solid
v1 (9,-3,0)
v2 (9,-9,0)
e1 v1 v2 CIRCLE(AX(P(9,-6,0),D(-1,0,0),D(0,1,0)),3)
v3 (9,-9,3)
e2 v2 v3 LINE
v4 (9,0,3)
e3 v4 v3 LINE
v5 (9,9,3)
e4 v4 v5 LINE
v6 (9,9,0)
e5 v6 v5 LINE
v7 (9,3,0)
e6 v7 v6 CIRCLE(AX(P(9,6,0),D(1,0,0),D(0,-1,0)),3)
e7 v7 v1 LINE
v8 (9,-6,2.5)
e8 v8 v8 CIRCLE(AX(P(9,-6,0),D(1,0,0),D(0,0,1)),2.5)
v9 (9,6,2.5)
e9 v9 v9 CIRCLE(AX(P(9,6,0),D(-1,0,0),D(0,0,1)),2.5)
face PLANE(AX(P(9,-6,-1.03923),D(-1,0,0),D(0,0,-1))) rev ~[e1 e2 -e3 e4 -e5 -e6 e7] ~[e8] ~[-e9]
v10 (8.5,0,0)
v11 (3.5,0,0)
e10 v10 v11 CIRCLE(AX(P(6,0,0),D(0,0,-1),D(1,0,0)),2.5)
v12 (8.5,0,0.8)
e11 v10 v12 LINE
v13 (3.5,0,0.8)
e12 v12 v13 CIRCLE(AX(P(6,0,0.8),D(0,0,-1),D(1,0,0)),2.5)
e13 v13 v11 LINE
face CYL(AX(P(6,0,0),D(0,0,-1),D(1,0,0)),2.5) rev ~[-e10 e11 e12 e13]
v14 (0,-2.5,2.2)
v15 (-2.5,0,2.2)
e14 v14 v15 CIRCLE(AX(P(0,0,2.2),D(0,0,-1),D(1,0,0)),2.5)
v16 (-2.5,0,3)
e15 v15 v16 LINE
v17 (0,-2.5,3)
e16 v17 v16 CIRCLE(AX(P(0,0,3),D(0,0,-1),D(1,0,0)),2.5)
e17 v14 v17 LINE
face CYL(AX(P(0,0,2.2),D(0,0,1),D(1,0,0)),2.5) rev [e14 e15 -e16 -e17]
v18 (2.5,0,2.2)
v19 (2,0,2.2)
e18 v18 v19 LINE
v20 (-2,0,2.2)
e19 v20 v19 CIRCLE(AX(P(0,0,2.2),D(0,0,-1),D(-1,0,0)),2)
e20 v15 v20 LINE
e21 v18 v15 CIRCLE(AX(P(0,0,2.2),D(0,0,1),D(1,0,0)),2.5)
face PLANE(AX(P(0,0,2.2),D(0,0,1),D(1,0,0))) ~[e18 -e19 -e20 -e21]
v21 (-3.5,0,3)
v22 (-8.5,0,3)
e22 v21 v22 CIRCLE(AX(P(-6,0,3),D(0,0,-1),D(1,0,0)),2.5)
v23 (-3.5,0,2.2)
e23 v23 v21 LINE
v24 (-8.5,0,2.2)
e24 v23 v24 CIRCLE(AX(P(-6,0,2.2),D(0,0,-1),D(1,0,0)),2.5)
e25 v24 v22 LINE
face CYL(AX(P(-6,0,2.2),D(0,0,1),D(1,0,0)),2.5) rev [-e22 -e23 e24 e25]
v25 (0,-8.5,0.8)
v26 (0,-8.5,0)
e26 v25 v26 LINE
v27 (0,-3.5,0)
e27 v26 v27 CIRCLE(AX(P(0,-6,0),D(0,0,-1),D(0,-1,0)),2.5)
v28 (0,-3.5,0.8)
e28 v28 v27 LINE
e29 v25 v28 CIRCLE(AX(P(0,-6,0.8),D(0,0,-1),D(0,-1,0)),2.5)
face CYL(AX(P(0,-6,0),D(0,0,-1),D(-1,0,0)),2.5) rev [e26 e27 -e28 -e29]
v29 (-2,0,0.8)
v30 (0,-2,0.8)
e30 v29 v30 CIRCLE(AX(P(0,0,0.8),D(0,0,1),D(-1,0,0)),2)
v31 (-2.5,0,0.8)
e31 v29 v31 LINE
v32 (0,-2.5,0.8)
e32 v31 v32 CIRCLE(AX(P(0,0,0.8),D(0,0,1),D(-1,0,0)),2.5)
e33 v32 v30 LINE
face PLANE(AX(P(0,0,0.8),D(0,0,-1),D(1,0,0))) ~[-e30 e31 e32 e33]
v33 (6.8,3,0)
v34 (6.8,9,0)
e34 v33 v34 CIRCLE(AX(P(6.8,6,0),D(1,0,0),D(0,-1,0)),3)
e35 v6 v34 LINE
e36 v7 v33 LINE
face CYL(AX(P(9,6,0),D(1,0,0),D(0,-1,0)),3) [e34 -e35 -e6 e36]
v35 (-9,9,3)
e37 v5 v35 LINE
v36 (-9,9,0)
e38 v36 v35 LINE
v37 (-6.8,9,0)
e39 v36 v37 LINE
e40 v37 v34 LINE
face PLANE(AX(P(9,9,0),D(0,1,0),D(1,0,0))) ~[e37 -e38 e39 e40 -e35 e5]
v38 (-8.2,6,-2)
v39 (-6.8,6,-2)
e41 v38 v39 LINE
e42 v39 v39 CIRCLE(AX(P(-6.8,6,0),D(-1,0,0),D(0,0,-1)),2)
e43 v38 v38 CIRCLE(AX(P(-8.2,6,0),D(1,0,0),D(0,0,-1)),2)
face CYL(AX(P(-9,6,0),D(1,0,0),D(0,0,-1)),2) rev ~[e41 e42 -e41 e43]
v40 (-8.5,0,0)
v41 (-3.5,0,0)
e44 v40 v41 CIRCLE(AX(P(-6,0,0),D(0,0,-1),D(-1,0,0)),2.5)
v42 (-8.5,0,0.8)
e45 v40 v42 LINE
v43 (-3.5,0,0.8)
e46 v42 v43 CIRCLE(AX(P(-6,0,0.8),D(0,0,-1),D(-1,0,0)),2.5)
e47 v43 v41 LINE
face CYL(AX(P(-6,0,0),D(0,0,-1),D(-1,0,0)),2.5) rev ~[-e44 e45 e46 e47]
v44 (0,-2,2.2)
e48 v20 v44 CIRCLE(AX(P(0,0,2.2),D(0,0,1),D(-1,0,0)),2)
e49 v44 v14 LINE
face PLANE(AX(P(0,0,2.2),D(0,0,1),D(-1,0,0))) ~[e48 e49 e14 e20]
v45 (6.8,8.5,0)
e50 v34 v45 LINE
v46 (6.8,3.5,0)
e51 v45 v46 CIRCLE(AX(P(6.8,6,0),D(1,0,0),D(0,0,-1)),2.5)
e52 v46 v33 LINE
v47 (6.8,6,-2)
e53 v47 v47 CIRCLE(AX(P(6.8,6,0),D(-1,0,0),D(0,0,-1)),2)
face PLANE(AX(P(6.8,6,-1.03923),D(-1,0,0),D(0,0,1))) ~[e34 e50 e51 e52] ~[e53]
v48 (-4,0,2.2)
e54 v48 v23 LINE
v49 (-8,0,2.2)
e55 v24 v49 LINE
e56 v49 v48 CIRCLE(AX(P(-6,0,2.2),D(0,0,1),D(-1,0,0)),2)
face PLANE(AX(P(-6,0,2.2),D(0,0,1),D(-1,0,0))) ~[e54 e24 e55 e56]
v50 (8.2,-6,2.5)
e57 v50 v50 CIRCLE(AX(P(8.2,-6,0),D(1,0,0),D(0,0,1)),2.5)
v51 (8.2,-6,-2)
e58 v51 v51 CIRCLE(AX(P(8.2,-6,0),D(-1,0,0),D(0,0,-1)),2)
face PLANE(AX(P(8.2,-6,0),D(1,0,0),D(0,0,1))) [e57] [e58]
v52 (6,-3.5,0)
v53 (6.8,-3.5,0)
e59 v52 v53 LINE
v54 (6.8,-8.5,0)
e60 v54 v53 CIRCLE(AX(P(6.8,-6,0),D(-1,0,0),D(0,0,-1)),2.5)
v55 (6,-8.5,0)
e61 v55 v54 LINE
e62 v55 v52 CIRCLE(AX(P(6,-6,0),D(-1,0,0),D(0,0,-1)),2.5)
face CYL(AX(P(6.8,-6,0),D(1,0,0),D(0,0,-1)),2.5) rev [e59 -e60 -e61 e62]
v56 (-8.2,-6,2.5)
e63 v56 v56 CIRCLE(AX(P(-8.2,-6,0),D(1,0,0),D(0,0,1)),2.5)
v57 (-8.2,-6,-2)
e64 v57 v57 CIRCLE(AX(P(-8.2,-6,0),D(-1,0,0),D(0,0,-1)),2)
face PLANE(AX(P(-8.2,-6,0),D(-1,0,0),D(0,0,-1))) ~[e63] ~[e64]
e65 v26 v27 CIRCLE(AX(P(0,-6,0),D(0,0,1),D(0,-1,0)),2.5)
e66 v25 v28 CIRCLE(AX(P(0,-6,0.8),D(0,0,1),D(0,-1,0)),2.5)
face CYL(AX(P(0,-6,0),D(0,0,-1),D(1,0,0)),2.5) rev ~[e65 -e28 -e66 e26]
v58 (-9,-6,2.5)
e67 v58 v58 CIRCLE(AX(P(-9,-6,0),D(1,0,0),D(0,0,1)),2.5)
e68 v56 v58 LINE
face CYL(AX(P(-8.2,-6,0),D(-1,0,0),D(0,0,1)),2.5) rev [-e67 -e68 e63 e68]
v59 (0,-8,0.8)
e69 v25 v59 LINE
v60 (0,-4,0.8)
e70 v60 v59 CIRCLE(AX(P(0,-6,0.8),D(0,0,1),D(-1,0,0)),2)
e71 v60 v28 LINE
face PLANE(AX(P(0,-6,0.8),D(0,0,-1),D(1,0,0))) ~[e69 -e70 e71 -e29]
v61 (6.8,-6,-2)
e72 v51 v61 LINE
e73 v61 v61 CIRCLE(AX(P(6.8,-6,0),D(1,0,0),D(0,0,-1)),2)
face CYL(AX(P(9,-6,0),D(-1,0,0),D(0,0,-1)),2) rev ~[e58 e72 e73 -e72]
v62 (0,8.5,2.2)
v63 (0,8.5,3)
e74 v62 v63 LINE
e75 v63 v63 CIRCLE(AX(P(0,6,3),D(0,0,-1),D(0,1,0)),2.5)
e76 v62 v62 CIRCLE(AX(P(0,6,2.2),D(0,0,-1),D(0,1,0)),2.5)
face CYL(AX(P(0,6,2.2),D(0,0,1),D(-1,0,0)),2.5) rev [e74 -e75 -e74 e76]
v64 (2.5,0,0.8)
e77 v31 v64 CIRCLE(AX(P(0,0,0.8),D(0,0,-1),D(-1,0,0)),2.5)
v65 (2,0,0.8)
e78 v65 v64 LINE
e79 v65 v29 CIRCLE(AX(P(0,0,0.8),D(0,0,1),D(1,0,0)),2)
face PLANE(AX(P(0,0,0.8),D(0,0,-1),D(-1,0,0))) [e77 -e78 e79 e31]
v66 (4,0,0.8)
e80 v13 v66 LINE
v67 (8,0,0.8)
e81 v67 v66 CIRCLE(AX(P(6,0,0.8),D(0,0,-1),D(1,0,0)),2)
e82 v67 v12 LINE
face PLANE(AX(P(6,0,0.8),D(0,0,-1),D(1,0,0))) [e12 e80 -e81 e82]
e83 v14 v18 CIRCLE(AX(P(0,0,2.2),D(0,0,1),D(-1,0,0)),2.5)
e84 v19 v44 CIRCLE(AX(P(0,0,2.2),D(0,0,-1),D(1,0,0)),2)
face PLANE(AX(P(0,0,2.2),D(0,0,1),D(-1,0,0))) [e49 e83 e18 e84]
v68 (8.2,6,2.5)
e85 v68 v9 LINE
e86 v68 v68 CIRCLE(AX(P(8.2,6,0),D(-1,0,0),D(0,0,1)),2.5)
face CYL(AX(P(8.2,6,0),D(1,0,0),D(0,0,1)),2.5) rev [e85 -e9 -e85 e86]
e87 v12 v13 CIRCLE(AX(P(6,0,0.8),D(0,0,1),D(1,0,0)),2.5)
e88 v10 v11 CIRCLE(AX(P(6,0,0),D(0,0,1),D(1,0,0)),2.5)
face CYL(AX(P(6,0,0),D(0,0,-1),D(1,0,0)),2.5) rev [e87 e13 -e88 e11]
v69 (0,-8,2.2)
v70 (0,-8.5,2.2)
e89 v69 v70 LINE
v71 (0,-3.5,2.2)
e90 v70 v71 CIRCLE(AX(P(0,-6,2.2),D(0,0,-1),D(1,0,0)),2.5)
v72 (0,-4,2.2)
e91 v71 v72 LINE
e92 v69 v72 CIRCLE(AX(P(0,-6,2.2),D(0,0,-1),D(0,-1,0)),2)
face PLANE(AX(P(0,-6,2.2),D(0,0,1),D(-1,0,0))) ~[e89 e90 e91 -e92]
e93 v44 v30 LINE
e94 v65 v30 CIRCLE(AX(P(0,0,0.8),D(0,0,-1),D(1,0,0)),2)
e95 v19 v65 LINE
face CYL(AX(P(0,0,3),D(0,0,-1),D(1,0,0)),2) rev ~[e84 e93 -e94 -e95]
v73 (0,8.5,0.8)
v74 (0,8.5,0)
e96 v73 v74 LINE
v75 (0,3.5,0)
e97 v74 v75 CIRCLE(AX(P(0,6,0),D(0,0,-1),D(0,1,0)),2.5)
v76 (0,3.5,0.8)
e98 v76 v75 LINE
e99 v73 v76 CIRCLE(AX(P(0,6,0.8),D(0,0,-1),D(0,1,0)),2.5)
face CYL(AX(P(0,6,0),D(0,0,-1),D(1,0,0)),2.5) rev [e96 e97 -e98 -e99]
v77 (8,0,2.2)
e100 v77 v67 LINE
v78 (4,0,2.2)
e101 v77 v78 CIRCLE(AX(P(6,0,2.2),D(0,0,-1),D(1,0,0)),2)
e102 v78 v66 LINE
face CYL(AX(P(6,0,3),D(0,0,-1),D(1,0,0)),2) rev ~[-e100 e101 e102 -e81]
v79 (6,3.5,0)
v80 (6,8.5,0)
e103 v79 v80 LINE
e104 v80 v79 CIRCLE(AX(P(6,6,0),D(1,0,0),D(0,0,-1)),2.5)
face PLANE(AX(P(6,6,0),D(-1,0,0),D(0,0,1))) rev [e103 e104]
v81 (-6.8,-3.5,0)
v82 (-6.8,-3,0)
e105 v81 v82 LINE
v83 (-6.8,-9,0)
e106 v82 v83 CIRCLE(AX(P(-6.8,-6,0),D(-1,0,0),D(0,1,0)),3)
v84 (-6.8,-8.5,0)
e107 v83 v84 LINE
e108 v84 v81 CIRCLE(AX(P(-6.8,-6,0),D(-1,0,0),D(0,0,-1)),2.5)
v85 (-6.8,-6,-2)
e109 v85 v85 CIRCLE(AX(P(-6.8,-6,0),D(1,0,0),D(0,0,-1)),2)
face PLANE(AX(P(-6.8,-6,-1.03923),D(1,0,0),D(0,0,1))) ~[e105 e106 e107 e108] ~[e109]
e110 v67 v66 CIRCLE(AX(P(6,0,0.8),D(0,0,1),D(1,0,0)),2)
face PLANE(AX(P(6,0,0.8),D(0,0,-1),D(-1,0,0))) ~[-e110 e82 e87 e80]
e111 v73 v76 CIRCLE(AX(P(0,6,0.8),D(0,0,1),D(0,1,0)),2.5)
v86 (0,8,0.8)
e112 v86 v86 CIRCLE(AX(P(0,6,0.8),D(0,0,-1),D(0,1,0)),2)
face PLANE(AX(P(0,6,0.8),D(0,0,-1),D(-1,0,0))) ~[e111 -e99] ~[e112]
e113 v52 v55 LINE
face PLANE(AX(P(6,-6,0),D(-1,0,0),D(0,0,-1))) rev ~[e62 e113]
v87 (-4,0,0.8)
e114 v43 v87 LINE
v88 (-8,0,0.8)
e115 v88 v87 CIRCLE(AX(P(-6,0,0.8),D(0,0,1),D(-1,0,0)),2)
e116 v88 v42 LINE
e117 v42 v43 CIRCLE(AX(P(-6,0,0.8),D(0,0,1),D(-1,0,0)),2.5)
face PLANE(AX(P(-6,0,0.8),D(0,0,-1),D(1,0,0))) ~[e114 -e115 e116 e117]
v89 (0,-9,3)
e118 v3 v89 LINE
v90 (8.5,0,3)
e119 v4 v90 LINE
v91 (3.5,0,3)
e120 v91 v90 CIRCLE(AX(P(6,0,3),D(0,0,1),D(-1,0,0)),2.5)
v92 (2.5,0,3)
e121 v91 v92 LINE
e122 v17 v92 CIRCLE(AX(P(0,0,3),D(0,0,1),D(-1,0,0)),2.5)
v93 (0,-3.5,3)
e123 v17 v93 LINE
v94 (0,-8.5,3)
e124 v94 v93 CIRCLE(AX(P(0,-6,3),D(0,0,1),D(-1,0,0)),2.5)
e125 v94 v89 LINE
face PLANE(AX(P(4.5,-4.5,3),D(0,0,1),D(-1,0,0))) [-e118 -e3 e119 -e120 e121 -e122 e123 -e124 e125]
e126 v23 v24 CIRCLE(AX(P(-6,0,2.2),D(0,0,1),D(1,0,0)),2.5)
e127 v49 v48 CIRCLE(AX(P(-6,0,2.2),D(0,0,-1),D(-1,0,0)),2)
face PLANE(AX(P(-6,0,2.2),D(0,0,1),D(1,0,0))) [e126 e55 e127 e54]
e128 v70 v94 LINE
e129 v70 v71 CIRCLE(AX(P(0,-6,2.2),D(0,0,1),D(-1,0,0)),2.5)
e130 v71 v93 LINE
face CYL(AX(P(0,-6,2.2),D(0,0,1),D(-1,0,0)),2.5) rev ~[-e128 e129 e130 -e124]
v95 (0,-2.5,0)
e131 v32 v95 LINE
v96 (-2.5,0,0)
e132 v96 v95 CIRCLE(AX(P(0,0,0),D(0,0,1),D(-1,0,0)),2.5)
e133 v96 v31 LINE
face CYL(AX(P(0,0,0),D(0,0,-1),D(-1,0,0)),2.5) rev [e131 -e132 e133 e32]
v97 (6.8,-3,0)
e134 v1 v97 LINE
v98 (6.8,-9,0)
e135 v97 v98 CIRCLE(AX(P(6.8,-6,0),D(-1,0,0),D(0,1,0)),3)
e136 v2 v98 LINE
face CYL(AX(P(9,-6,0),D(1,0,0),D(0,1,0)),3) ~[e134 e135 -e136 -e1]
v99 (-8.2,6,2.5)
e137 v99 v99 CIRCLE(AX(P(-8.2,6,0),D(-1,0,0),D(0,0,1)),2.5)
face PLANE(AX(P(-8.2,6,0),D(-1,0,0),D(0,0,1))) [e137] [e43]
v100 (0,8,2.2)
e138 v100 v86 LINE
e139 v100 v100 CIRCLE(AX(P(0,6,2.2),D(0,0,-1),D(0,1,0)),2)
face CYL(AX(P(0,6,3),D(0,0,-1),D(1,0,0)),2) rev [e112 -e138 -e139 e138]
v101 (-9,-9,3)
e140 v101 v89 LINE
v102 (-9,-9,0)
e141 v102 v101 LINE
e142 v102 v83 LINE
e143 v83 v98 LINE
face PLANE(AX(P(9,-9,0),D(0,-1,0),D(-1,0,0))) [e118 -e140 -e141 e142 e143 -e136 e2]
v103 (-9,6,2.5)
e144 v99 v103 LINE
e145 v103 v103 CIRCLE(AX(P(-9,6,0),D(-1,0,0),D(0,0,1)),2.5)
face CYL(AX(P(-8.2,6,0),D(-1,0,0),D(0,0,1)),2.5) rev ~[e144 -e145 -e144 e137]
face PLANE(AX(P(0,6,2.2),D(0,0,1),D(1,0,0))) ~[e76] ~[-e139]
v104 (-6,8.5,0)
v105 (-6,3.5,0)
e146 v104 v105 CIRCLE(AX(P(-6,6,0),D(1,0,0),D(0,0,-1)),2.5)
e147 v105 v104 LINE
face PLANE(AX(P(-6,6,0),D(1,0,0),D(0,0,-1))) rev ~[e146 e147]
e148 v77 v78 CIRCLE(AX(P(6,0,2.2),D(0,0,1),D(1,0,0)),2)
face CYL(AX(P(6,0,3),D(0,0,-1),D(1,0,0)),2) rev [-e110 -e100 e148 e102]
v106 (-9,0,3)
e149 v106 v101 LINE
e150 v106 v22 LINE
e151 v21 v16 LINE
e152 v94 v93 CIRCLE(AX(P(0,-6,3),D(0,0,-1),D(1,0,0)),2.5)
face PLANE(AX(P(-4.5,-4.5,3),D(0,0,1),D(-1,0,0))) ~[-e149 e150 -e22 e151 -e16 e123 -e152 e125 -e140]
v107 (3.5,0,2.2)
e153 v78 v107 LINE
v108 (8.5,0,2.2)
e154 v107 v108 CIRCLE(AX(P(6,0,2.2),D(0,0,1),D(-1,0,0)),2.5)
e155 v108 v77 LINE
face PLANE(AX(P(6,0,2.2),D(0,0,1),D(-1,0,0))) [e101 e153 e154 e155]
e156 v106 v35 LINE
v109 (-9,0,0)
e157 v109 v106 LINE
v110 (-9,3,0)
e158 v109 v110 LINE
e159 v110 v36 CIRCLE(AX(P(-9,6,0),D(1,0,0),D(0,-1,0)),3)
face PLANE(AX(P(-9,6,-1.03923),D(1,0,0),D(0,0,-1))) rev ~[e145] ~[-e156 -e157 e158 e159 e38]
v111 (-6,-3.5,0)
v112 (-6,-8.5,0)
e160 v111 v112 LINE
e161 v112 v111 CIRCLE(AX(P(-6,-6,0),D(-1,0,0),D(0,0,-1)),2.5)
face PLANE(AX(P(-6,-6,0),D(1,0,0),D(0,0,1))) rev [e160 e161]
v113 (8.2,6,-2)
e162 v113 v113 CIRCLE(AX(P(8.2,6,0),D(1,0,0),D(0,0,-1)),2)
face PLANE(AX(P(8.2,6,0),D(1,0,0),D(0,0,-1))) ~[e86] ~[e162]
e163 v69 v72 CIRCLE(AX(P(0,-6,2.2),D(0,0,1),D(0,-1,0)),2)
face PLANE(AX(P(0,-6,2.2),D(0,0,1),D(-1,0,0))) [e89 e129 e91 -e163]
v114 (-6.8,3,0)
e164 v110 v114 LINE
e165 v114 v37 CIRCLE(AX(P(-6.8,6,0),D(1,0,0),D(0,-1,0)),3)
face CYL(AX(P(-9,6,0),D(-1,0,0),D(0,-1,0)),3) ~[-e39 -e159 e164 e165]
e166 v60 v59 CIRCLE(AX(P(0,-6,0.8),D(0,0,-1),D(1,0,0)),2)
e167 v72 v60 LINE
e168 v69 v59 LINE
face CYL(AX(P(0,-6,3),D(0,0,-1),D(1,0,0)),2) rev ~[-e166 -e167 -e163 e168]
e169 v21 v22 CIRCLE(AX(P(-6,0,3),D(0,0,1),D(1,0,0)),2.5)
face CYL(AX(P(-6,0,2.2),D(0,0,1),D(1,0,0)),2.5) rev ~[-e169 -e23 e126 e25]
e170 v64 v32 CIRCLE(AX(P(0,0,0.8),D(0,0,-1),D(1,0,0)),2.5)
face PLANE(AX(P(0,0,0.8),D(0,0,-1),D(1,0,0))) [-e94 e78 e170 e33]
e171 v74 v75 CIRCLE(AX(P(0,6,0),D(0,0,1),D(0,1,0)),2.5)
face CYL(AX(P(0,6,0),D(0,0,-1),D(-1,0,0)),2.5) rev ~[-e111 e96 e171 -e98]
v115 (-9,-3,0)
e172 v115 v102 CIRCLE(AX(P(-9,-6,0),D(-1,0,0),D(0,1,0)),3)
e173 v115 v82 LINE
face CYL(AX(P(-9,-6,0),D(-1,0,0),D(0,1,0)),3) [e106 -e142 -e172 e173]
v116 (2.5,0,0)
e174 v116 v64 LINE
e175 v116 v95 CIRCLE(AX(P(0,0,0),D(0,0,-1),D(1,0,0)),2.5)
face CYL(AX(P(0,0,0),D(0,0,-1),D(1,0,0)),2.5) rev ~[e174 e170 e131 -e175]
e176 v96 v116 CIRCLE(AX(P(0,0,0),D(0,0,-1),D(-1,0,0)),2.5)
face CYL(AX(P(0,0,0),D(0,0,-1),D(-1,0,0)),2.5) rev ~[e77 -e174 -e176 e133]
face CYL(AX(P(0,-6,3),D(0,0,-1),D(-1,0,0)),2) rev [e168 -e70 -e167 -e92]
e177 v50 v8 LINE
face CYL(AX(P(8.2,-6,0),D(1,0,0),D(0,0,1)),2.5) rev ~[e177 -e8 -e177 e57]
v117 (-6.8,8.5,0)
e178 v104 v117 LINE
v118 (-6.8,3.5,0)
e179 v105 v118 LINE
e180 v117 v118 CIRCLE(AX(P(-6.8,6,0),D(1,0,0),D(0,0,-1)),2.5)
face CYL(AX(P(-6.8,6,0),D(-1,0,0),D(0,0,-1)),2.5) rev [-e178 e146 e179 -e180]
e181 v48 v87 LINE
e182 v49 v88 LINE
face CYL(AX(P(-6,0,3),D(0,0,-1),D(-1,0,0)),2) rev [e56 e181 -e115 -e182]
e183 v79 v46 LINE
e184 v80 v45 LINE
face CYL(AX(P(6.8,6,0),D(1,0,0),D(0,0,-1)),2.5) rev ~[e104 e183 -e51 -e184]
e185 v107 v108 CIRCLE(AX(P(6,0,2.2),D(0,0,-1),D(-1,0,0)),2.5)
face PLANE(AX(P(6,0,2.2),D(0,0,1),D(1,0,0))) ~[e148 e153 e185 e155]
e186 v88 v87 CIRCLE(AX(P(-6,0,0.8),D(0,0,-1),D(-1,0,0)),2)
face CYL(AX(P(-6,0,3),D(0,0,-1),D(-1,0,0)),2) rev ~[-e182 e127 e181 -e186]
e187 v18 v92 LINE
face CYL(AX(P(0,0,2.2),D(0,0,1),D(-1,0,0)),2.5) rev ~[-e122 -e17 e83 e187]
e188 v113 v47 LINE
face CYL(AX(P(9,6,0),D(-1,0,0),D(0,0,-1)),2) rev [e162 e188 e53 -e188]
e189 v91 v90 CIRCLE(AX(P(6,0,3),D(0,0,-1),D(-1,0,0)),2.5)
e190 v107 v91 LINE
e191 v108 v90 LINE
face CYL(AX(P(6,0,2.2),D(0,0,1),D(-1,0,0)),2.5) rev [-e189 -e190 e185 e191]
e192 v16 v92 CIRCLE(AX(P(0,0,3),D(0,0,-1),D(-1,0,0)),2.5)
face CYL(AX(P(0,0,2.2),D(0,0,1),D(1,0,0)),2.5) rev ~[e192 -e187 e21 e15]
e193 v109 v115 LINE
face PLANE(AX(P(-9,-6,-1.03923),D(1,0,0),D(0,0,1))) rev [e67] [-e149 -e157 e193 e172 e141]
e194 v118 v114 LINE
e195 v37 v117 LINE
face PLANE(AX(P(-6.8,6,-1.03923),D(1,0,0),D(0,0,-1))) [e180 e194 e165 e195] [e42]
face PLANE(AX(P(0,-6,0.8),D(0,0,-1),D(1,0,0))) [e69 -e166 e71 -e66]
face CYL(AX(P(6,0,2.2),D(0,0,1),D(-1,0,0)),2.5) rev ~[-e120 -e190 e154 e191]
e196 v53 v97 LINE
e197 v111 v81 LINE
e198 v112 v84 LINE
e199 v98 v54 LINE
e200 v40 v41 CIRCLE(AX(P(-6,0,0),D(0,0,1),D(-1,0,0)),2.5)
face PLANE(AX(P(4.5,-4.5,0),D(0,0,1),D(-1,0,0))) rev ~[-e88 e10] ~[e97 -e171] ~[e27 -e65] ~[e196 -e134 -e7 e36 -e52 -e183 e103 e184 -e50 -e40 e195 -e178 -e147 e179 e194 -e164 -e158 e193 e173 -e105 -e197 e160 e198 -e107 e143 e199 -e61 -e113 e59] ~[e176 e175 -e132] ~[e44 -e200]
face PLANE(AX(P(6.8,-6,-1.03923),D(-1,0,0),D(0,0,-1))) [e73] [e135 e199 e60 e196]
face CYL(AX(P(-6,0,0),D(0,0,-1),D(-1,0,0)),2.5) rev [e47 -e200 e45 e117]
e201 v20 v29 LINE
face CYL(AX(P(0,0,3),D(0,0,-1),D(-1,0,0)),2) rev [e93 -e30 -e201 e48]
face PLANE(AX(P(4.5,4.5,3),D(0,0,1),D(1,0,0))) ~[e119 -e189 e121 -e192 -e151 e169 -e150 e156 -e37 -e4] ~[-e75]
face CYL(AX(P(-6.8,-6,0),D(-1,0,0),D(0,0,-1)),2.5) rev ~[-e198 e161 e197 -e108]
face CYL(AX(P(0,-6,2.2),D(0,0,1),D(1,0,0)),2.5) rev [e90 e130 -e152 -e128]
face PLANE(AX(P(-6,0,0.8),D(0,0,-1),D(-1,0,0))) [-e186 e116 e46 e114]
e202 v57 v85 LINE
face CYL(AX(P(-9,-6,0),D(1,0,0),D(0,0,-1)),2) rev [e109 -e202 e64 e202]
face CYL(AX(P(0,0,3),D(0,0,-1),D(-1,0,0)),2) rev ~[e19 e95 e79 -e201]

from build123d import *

# Parameters (mm, degrees)
SKETCH1_W           = 9
SKETCH1_H           = 9
BOSS_EXTRUDE1_DEPTH = 3
HOLE1_D             = 4
HOLE1_CBORE_D       = 5
HOLE1_CBORE_DEPTH   = 0.8
BOSS_EXTRUDE3_DEPTH = 2.2
HOLE2_D             = 4
HOLE2_DEPTH         = 2.2
HOLE2_CBORE_D       = 5
HOLE2_CBORE_DEPTH   = 0.8
SKETCH7_R           = 2.5
CUT_EXTRUDE1_DEPTH  = 0.8
SKETCH8_R           = 2.5
CUT_EXTRUDE2_DEPTH  = 0.8


with BuildPart() as part:
    # Sketch1 → Boss-Extrude1 (new body)
    with BuildSketch(Plane.XY):
        with Locations((-4.5, 4.5)):
            Rectangle(SKETCH1_W, SKETCH1_H)
    extrude(amount=BOSS_EXTRUDE1_DEPTH)

    # Hole1 (through all)
    with Locations(Plane.XY.offset(3)):
        with Locations((0, 0), (-6, 0), (0, 6)):
            CounterBoreHole(HOLE1_D / 2, HOLE1_CBORE_D / 2, HOLE1_CBORE_DEPTH)

    # Sketch4 → Boss-Extrude3 (add)
    with BuildSketch(Plane.ZY.offset(9)):
        with BuildLine():
            Line((0, 9), (0, 3))
            ThreePointArc((0, 3), (-3, 6), (0, 9))
        make_face()
    extrude(amount=-BOSS_EXTRUDE3_DEPTH)

    # Hole2
    with Locations(Plane.ZY.offset(9)):
        with Locations((0, 6)):
            CounterBoreHole(HOLE2_D / 2, HOLE2_CBORE_D / 2, HOLE2_CBORE_DEPTH, depth=HOLE2_DEPTH)

    # Sketch7 → Cut-Extrude1 (cut)
    with BuildSketch(Plane(origin=(0, 0, 0), x_dir=(-1, 0, 0), z_dir=(0, 0, -1))):
        with Locations((0, 6)):
            Circle(SKETCH7_R)
        Circle(SKETCH7_R)
        with Locations((6, 0)):
            Circle(SKETCH7_R)
    extrude(amount=-CUT_EXTRUDE1_DEPTH, mode=Mode.SUBTRACT)

    # Sketch8 → Cut-Extrude2 (cut)
    with BuildSketch(Plane(origin=(-6.8, 0, 0), x_dir=(0, 0, -1), z_dir=(1, 0, 0))):
        with Locations((0, 6)):
            Circle(SKETCH8_R)
    extrude(amount=CUT_EXTRUDE2_DEPTH, mode=Mode.SUBTRACT)

    # Mirror1: part across plane


with BuildPart() as part_1:
    add(part.part)
    add(part.part.mirror(Plane(origin=(0, 0, 0), x_dir=(0, 0, 1), z_dir=(1, 0, 0))))

    # Mirror2: part across plane


with BuildPart() as part_2:
    add(part_1.part)
    add(part_1.part.mirror(Plane.ZX))


solid = part_2.part
